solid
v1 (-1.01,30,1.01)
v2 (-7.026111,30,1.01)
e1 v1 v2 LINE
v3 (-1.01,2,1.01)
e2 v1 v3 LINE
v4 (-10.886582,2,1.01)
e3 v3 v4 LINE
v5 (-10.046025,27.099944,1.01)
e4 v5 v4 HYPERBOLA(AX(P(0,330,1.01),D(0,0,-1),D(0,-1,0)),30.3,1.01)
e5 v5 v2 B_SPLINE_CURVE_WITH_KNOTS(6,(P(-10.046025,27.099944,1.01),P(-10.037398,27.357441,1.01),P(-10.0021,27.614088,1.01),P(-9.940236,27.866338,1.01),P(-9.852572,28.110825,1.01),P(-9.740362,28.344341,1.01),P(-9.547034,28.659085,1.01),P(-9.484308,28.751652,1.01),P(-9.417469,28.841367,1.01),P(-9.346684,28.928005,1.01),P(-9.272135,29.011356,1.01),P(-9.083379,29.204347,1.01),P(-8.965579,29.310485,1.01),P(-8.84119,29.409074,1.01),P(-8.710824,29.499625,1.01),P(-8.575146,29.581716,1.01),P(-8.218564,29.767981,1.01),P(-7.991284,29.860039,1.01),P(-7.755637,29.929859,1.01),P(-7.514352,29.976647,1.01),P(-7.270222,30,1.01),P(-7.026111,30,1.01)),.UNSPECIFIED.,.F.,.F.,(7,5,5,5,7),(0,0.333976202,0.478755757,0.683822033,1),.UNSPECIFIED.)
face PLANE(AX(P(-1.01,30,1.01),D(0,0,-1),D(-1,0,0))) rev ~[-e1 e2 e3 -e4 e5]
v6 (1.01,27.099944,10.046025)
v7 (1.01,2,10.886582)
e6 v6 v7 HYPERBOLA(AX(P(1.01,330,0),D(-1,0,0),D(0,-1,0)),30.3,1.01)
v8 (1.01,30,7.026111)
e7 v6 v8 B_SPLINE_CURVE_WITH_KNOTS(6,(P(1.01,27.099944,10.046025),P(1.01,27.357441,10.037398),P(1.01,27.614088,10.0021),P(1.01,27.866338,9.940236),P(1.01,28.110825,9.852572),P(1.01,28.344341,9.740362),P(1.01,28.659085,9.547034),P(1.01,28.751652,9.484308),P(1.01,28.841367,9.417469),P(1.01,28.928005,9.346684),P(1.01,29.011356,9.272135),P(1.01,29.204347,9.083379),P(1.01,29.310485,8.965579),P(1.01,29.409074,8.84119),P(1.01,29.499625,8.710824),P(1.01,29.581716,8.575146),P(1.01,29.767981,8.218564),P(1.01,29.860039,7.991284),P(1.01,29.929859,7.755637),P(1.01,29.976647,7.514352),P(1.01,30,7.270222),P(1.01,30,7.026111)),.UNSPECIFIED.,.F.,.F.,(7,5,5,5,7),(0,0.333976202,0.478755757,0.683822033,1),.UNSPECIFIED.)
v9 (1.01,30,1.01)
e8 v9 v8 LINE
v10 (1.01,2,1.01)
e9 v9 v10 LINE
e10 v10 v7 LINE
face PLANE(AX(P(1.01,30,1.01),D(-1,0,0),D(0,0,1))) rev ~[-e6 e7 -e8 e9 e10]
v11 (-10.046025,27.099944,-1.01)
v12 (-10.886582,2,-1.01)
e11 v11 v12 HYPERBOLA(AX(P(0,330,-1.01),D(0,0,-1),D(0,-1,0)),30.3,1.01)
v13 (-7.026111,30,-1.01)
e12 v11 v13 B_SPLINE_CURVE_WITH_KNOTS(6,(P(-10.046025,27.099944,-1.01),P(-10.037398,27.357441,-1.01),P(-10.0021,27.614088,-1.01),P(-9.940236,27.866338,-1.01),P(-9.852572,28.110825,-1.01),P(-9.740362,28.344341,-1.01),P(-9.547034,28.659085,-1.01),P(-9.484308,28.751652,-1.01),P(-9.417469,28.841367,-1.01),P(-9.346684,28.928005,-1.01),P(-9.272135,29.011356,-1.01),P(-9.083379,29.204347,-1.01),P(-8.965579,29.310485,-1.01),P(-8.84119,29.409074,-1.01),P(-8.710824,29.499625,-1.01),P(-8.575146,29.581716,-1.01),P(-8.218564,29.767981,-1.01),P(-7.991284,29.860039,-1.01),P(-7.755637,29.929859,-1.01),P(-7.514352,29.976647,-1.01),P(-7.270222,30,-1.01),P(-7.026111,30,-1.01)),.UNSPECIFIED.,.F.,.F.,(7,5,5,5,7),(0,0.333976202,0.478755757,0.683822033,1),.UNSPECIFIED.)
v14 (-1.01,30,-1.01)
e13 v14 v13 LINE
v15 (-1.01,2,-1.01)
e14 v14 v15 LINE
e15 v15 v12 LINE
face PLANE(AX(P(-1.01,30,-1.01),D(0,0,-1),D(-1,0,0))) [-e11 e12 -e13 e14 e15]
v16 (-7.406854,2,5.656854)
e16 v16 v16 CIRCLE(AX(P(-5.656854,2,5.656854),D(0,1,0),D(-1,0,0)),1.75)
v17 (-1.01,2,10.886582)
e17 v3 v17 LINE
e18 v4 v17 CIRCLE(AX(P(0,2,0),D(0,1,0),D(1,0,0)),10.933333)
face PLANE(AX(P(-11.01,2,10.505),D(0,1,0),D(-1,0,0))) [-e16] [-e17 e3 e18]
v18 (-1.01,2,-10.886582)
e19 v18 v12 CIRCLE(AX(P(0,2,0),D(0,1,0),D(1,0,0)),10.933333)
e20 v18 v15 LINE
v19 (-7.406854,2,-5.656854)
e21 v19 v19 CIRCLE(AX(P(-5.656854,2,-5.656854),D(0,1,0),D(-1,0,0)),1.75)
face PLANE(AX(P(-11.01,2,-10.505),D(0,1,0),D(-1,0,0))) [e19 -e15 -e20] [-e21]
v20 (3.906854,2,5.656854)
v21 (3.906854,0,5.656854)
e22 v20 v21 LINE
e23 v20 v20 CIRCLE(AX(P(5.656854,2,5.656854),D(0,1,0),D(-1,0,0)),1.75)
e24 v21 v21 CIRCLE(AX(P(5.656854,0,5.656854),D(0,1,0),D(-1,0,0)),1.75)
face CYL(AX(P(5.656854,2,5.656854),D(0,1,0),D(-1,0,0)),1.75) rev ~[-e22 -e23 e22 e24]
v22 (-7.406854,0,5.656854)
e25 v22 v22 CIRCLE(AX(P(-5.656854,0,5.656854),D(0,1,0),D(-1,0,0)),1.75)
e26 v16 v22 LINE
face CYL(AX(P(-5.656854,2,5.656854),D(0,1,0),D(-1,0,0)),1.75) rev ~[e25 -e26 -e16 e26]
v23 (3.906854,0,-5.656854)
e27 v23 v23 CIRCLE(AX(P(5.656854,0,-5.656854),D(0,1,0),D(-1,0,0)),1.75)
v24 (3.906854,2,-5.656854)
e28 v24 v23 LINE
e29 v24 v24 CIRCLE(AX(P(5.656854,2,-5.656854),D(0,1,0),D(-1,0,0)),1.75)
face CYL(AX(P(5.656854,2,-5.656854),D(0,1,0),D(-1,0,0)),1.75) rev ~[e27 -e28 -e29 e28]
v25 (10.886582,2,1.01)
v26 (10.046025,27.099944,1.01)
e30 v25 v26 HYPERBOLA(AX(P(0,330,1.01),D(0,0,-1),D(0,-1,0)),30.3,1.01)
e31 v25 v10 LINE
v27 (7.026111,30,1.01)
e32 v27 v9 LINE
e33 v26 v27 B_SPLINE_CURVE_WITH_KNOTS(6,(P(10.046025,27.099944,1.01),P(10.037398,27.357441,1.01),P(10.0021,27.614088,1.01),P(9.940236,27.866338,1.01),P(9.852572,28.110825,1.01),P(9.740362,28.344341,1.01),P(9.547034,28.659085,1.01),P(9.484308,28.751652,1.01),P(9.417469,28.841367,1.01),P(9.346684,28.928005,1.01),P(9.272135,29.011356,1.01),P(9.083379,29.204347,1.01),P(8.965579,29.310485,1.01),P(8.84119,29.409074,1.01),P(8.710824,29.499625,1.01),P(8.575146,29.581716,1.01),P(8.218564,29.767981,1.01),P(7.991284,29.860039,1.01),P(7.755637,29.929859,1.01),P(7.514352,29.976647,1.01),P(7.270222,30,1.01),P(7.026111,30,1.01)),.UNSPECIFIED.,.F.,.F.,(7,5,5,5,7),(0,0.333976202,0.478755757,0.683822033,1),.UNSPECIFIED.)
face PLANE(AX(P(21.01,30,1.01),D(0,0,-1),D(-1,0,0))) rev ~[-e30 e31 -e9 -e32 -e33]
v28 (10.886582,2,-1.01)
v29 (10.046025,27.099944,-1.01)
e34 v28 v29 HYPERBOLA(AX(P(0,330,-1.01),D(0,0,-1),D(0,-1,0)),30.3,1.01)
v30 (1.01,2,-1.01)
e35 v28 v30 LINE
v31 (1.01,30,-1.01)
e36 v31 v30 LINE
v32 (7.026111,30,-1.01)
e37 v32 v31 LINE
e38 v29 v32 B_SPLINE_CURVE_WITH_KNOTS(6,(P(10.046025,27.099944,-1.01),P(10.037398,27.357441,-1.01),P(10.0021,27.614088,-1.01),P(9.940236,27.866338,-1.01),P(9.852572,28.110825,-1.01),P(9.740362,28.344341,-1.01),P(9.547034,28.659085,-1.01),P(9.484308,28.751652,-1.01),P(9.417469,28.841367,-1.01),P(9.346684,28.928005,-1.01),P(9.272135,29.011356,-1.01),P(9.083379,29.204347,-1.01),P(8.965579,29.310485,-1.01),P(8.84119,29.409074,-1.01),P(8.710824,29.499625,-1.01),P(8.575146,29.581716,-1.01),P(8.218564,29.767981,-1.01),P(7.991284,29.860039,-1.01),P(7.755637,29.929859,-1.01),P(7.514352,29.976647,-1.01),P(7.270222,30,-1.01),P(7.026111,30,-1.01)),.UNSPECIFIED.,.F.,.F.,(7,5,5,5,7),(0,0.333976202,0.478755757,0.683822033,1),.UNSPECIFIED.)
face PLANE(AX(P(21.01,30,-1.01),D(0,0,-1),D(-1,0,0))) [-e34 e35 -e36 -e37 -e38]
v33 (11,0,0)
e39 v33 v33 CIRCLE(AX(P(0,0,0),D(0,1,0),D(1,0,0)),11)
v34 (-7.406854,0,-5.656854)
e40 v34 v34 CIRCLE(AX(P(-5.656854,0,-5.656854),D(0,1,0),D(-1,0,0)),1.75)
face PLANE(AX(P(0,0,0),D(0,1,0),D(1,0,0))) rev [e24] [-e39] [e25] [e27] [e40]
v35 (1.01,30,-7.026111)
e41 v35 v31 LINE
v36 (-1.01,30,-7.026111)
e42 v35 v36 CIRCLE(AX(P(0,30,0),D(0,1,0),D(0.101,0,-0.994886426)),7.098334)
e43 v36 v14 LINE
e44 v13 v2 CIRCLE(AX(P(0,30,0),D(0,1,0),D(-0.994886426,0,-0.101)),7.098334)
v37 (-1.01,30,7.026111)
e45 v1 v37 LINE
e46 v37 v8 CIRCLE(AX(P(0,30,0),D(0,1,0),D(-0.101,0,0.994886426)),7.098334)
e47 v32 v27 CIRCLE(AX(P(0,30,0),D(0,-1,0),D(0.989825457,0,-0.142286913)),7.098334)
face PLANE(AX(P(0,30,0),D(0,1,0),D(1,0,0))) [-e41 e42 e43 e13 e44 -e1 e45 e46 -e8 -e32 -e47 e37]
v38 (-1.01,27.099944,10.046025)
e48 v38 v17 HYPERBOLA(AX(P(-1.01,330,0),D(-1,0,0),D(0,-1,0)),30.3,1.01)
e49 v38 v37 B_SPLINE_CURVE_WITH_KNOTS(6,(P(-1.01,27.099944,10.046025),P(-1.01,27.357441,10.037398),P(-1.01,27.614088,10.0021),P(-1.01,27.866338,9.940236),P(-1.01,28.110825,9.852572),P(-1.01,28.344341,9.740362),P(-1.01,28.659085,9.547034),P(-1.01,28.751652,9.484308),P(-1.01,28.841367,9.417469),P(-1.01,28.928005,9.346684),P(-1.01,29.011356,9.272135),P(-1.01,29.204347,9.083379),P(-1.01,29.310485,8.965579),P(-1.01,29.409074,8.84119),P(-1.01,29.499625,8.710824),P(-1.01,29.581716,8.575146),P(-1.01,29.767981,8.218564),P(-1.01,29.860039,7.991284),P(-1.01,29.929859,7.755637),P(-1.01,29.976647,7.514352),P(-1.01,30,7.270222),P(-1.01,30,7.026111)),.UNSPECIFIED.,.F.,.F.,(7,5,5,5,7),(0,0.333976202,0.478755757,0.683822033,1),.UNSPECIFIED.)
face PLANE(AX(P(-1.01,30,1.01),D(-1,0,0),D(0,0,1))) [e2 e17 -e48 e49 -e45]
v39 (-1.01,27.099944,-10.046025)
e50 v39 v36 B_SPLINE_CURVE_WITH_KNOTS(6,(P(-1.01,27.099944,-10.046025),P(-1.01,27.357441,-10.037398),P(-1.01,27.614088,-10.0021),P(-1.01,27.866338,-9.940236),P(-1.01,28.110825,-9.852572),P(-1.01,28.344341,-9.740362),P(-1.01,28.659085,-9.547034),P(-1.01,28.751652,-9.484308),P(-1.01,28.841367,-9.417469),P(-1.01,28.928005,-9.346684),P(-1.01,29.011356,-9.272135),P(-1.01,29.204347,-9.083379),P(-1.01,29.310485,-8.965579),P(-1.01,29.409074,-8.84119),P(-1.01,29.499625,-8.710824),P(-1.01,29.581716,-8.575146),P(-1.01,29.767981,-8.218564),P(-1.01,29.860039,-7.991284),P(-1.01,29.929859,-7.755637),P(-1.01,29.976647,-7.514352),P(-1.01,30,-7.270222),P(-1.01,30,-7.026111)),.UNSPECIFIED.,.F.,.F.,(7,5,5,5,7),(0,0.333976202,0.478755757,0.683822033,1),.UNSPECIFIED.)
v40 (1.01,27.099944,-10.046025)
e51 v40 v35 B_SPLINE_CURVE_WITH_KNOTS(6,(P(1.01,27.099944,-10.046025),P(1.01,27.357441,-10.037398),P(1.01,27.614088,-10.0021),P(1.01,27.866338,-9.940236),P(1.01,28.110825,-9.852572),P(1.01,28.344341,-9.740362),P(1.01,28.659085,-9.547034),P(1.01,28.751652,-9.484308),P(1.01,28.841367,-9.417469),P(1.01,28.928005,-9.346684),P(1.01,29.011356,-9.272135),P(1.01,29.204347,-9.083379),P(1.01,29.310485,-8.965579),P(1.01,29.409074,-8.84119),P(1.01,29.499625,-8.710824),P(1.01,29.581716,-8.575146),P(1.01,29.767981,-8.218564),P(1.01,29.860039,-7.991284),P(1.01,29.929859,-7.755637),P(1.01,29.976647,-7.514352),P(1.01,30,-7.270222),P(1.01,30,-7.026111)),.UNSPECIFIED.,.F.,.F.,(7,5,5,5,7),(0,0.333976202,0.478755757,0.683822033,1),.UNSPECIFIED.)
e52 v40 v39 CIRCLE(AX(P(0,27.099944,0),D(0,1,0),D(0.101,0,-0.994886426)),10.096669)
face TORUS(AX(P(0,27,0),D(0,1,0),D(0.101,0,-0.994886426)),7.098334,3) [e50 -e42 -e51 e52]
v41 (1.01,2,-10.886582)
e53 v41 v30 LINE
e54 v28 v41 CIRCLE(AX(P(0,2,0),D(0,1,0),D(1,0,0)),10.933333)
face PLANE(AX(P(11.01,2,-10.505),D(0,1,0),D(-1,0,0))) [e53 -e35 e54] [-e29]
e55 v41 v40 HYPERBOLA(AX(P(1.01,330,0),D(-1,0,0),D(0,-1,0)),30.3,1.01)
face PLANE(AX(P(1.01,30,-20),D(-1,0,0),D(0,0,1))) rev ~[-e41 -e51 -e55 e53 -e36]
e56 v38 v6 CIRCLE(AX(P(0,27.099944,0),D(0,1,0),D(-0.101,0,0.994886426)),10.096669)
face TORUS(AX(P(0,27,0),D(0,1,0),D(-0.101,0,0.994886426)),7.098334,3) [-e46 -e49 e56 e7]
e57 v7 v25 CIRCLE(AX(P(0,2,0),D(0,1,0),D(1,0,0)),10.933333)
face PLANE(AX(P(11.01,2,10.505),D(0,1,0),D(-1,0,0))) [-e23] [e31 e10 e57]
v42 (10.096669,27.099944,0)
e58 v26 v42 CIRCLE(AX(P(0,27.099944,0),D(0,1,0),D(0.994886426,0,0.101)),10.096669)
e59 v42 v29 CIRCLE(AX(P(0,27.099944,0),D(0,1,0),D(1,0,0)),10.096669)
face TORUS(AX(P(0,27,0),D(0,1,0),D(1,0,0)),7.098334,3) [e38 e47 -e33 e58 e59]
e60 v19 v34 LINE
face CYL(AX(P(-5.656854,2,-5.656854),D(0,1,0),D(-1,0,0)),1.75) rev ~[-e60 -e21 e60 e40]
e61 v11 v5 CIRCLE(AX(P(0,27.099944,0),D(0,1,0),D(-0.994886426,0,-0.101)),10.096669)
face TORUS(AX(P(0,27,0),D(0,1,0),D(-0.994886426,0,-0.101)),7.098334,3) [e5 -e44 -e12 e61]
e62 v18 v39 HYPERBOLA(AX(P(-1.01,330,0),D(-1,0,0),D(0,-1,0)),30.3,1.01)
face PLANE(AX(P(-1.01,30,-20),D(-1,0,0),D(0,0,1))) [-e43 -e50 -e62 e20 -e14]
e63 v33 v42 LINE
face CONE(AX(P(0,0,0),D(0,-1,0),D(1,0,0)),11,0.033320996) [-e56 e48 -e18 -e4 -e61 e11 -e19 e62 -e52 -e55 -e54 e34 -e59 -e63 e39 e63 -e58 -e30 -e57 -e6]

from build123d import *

# Parameters (mm, degrees)
F2_W     = 20
F2_H     = 18.99
F3_DEPTH = 28
F4_R     = 3
F5_R     = 1.75
F6_DEPTH = 25


with BuildPart() as f1:
    # F0 (on Top) → F1 (revolve)
    with BuildSketch(Plane.XY):
        Polygon((0, 30), (0, 0), (11, 0), (10, 30), align=None)
    revolve(axis=Axis((0, 15, 0), (0, 1, 0)))

    # F2 (on face) → F3 (cut, through all)
    with BuildSketch(Plane(origin=(0, 30, 0), x_dir=(-1, 0, 0), z_dir=(0, 1, 0))):
        with Locations((11.01, 10.505)):
            Rectangle(F2_W, F2_H)
        with Locations((-11.01, 10.505)):
            Rectangle(F2_W, F2_H)
        with Locations((11.01, -10.505)):
            Rectangle(F2_W, F2_H)
        with Locations((-11.01, -10.505)):
            Rectangle(F2_W, F2_H)
    extrude(amount=-F3_DEPTH, mode=Mode.SUBTRACT)

    # F4
    f4_edges = [f1.edges().sort_by_distance(p)[0] for p in [
        (9.987208, 30, 0.505647),
        (0, 30, 10),
        (-10, 30, 0),
        (0, 30, -10),
    ]]
    fillet(f4_edges, radius=F4_R)

    # F5 (on face) → F6 (cut)
    with BuildSketch(Plane(origin=(0, 2, 0), x_dir=(-1, 0, 0), z_dir=(0, 1, 0))):
        with Locations((-5.6568542495, 5.6568542495)):
            Circle(F5_R)
        with Locations((5.6568542495, -5.6568542495)):
            Circle(F5_R)
        with Locations((-5.6568542495, -5.6568542495)):
            Circle(F5_R)
        with Locations((5.6568542495, 5.6568542495)):
            Circle(F5_R)
    extrude(amount=-F6_DEPTH, mode=Mode.SUBTRACT)


solid = f1.part
